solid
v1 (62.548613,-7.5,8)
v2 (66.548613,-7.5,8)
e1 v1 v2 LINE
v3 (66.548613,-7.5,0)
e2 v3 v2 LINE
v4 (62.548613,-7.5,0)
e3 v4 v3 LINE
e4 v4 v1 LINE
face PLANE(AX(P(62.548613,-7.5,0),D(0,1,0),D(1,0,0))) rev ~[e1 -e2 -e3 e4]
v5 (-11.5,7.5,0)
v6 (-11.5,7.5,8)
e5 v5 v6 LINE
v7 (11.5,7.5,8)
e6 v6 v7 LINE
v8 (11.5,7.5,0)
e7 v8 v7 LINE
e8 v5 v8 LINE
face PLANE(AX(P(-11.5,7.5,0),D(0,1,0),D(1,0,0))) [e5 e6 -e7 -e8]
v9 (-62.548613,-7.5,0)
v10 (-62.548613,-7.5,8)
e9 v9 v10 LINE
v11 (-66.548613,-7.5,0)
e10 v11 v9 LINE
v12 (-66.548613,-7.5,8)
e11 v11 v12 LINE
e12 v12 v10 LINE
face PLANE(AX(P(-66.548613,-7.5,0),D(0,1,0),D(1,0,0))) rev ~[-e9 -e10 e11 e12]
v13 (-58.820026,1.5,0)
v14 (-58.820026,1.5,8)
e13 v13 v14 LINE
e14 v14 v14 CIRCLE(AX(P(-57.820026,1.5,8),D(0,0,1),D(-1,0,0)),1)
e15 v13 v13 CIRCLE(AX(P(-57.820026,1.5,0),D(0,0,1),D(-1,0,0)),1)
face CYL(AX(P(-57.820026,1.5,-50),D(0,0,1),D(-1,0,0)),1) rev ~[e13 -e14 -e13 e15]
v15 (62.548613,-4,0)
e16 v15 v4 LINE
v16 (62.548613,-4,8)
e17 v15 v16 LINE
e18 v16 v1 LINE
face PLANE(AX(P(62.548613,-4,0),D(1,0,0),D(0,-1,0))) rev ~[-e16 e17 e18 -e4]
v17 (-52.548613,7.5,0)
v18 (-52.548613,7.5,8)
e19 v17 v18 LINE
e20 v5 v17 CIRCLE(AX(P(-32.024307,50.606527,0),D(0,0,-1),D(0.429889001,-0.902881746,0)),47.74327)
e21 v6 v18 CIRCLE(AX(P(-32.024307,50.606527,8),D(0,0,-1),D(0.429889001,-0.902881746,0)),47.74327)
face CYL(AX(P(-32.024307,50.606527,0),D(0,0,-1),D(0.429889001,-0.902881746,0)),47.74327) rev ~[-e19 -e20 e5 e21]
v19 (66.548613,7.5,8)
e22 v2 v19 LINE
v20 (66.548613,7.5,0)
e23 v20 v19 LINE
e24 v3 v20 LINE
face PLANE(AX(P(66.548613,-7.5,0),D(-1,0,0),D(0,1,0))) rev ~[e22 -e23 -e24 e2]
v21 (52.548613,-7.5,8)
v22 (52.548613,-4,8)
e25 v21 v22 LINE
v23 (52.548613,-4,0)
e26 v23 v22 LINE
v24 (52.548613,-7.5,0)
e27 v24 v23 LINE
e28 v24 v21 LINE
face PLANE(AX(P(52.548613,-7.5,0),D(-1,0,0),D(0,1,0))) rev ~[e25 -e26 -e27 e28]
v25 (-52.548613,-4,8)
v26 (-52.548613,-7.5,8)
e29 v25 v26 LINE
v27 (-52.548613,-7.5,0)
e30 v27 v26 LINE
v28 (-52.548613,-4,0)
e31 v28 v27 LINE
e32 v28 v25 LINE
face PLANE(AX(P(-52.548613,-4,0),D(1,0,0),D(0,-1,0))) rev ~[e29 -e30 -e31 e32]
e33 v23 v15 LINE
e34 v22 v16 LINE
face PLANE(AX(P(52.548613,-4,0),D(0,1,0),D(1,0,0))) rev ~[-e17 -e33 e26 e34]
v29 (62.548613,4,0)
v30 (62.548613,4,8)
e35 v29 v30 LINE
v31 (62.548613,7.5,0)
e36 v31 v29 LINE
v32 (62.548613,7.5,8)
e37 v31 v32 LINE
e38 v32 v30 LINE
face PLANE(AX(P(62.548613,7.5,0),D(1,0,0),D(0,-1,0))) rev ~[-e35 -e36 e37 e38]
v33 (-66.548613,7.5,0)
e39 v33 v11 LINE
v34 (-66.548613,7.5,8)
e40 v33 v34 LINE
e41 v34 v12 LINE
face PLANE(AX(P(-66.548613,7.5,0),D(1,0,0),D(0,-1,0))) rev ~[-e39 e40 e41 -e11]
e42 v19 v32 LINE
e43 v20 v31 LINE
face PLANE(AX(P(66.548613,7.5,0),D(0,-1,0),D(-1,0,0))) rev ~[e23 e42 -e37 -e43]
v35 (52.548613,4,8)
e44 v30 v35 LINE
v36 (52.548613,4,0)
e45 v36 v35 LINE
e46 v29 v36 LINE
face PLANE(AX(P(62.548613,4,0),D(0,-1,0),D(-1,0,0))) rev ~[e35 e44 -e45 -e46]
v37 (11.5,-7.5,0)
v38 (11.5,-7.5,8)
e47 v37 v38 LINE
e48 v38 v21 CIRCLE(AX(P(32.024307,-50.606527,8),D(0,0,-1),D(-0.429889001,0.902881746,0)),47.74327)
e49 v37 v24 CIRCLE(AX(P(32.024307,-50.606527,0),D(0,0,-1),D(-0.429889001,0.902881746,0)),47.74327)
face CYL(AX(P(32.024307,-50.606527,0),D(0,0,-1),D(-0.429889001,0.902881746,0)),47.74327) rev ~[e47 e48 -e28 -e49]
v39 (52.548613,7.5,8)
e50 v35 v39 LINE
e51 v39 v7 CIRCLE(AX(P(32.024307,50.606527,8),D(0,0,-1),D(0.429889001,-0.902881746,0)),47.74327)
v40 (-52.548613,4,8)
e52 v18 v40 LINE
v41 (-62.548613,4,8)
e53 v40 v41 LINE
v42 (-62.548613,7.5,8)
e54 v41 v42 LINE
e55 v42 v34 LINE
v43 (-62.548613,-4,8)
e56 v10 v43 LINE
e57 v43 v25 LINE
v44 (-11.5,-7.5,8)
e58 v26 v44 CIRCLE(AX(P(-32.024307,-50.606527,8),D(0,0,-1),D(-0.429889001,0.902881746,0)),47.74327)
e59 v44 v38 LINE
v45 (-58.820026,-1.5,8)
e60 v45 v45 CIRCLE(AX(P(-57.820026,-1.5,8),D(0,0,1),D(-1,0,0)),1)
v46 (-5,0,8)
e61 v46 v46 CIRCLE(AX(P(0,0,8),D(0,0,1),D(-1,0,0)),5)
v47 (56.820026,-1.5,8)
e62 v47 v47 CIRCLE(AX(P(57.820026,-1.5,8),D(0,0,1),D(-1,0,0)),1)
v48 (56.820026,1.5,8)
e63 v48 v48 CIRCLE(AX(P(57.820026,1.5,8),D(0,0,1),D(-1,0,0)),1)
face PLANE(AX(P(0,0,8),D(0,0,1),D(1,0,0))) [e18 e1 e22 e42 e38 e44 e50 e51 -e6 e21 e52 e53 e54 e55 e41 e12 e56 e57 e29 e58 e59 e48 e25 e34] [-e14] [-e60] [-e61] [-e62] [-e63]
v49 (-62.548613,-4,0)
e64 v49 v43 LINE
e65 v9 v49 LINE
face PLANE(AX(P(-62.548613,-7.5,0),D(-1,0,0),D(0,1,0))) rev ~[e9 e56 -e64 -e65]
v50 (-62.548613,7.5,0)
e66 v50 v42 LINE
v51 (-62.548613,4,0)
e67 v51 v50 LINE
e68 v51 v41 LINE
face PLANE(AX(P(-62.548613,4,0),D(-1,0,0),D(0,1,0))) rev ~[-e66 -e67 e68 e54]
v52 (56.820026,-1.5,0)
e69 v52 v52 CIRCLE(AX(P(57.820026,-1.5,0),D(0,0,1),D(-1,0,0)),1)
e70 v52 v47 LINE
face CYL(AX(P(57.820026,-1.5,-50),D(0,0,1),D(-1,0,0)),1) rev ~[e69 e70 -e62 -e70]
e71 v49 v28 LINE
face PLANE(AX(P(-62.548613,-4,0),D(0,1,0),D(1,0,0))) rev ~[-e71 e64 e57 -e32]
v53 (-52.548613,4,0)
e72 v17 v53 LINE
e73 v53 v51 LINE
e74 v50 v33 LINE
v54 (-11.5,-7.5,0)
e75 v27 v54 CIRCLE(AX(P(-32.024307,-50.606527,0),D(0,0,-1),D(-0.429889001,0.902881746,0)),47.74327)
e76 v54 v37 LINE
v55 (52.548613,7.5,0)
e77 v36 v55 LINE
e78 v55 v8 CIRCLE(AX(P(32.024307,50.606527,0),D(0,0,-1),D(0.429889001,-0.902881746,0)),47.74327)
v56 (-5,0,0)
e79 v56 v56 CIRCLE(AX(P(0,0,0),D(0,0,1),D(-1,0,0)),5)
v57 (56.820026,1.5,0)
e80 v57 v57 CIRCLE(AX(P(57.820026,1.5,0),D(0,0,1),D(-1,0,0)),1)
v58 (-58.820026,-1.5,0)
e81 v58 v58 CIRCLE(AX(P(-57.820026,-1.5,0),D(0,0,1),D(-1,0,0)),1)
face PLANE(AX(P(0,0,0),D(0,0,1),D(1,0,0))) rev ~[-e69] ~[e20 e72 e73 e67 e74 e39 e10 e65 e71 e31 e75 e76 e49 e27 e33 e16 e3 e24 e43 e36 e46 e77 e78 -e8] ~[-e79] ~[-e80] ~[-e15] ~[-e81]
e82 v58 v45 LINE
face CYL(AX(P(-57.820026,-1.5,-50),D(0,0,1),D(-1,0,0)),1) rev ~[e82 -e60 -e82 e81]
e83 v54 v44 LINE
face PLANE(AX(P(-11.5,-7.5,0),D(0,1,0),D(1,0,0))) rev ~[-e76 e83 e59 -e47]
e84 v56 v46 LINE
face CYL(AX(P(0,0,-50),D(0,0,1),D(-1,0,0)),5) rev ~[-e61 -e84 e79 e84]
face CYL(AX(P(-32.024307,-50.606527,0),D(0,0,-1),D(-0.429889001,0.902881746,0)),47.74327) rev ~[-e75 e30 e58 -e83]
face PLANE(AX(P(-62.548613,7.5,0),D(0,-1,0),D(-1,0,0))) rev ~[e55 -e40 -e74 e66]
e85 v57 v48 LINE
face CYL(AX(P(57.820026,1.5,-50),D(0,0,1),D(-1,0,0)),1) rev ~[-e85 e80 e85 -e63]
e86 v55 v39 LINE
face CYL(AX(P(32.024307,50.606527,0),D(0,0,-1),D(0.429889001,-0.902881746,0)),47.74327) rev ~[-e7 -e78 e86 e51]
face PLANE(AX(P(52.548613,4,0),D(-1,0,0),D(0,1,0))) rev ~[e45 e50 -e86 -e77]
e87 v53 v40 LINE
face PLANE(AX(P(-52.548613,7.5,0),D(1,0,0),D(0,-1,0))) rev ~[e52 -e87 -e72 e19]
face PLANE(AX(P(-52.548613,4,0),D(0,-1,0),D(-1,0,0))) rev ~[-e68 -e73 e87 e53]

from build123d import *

# Parameters (mm, degrees)
F0_W     = 23
F0_H     = 15
F1_DEPTH = 8
F2_D     = 2
F2_DEPTH = 50
F3_D     = 10
F3_DEPTH = 50


with BuildPart() as f1:
    # F0 (on Top) → F1 (new body)
    with BuildSketch(Plane.XY):
        Rectangle(F0_W, F0_H)
        with BuildLine():
            Line((-11.5, -7.5), (-11.5, 7.5))
            ThreePointArc((-11.5, 7.5), (-32.024307, 2.863257), (-52.548613, 7.5))
            Line((-52.548613, 7.5), (-52.548613, 4))
            Line((-52.548613, 4), (-62.548613, 4))
            Line((-62.548613, 4), (-62.548613, 7.5))
            Line((-62.548613, 7.5), (-66.548613, 7.5))
            Line((-66.548613, 7.5), (-66.548613, -7.5))
            Line((-66.548613, -7.5), (-62.548613, -7.5))
            Line((-62.548613, -7.5), (-62.548613, -4))
            Line((-62.548613, -4), (-52.548613, -4))
            Line((-52.548613, -4), (-52.548613, -7.5))
            ThreePointArc((-52.548613, -7.5), (-32.024307, -2.863257), (-11.5, -7.5))
        make_face()
        with BuildLine():
            ThreePointArc((52.548613, 7.5), (32.024307, 2.863257), (11.5, 7.5))
            Line((11.5, 7.5), (11.5, -7.5))
            ThreePointArc((11.5, -7.5), (32.024307, -2.863257), (52.548613, -7.5))
            Line((52.548613, -7.5), (52.548613, -4))
            Line((52.548613, -4), (62.548613, -4))
            Line((62.548613, -4), (62.548613, -7.5))
            Line((62.548613, -7.5), (66.548613, -7.5))
            Line((66.548613, -7.5), (66.548613, 7.5))
            Line((66.548613, 7.5), (62.548613, 7.5))
            Line((62.548613, 7.5), (62.548613, 4))
            Line((62.548613, 4), (52.548613, 4))
            Line((52.548613, 4), (52.548613, 7.5))
        make_face()
    extrude(amount=F1_DEPTH)

    # F2
    with Locations(Plane(origin=(0, 0, 0), x_dir=(1, 0, 0), z_dir=(0, 0, -1))):
        with Locations((-57.820026, 1.5), (-57.820026, -1.5), (57.820026, 1.5), (57.820026, -1.5)):
            Hole(F2_D / 2, depth=F2_DEPTH)

    # F3
    with Locations(Plane(origin=(0, 0, 0), x_dir=(1, 0, 0), z_dir=(0, 0, -1))):
        with Locations((0, 0)):
            Hole(F3_D / 2, depth=F3_DEPTH)


solid = f1.part
